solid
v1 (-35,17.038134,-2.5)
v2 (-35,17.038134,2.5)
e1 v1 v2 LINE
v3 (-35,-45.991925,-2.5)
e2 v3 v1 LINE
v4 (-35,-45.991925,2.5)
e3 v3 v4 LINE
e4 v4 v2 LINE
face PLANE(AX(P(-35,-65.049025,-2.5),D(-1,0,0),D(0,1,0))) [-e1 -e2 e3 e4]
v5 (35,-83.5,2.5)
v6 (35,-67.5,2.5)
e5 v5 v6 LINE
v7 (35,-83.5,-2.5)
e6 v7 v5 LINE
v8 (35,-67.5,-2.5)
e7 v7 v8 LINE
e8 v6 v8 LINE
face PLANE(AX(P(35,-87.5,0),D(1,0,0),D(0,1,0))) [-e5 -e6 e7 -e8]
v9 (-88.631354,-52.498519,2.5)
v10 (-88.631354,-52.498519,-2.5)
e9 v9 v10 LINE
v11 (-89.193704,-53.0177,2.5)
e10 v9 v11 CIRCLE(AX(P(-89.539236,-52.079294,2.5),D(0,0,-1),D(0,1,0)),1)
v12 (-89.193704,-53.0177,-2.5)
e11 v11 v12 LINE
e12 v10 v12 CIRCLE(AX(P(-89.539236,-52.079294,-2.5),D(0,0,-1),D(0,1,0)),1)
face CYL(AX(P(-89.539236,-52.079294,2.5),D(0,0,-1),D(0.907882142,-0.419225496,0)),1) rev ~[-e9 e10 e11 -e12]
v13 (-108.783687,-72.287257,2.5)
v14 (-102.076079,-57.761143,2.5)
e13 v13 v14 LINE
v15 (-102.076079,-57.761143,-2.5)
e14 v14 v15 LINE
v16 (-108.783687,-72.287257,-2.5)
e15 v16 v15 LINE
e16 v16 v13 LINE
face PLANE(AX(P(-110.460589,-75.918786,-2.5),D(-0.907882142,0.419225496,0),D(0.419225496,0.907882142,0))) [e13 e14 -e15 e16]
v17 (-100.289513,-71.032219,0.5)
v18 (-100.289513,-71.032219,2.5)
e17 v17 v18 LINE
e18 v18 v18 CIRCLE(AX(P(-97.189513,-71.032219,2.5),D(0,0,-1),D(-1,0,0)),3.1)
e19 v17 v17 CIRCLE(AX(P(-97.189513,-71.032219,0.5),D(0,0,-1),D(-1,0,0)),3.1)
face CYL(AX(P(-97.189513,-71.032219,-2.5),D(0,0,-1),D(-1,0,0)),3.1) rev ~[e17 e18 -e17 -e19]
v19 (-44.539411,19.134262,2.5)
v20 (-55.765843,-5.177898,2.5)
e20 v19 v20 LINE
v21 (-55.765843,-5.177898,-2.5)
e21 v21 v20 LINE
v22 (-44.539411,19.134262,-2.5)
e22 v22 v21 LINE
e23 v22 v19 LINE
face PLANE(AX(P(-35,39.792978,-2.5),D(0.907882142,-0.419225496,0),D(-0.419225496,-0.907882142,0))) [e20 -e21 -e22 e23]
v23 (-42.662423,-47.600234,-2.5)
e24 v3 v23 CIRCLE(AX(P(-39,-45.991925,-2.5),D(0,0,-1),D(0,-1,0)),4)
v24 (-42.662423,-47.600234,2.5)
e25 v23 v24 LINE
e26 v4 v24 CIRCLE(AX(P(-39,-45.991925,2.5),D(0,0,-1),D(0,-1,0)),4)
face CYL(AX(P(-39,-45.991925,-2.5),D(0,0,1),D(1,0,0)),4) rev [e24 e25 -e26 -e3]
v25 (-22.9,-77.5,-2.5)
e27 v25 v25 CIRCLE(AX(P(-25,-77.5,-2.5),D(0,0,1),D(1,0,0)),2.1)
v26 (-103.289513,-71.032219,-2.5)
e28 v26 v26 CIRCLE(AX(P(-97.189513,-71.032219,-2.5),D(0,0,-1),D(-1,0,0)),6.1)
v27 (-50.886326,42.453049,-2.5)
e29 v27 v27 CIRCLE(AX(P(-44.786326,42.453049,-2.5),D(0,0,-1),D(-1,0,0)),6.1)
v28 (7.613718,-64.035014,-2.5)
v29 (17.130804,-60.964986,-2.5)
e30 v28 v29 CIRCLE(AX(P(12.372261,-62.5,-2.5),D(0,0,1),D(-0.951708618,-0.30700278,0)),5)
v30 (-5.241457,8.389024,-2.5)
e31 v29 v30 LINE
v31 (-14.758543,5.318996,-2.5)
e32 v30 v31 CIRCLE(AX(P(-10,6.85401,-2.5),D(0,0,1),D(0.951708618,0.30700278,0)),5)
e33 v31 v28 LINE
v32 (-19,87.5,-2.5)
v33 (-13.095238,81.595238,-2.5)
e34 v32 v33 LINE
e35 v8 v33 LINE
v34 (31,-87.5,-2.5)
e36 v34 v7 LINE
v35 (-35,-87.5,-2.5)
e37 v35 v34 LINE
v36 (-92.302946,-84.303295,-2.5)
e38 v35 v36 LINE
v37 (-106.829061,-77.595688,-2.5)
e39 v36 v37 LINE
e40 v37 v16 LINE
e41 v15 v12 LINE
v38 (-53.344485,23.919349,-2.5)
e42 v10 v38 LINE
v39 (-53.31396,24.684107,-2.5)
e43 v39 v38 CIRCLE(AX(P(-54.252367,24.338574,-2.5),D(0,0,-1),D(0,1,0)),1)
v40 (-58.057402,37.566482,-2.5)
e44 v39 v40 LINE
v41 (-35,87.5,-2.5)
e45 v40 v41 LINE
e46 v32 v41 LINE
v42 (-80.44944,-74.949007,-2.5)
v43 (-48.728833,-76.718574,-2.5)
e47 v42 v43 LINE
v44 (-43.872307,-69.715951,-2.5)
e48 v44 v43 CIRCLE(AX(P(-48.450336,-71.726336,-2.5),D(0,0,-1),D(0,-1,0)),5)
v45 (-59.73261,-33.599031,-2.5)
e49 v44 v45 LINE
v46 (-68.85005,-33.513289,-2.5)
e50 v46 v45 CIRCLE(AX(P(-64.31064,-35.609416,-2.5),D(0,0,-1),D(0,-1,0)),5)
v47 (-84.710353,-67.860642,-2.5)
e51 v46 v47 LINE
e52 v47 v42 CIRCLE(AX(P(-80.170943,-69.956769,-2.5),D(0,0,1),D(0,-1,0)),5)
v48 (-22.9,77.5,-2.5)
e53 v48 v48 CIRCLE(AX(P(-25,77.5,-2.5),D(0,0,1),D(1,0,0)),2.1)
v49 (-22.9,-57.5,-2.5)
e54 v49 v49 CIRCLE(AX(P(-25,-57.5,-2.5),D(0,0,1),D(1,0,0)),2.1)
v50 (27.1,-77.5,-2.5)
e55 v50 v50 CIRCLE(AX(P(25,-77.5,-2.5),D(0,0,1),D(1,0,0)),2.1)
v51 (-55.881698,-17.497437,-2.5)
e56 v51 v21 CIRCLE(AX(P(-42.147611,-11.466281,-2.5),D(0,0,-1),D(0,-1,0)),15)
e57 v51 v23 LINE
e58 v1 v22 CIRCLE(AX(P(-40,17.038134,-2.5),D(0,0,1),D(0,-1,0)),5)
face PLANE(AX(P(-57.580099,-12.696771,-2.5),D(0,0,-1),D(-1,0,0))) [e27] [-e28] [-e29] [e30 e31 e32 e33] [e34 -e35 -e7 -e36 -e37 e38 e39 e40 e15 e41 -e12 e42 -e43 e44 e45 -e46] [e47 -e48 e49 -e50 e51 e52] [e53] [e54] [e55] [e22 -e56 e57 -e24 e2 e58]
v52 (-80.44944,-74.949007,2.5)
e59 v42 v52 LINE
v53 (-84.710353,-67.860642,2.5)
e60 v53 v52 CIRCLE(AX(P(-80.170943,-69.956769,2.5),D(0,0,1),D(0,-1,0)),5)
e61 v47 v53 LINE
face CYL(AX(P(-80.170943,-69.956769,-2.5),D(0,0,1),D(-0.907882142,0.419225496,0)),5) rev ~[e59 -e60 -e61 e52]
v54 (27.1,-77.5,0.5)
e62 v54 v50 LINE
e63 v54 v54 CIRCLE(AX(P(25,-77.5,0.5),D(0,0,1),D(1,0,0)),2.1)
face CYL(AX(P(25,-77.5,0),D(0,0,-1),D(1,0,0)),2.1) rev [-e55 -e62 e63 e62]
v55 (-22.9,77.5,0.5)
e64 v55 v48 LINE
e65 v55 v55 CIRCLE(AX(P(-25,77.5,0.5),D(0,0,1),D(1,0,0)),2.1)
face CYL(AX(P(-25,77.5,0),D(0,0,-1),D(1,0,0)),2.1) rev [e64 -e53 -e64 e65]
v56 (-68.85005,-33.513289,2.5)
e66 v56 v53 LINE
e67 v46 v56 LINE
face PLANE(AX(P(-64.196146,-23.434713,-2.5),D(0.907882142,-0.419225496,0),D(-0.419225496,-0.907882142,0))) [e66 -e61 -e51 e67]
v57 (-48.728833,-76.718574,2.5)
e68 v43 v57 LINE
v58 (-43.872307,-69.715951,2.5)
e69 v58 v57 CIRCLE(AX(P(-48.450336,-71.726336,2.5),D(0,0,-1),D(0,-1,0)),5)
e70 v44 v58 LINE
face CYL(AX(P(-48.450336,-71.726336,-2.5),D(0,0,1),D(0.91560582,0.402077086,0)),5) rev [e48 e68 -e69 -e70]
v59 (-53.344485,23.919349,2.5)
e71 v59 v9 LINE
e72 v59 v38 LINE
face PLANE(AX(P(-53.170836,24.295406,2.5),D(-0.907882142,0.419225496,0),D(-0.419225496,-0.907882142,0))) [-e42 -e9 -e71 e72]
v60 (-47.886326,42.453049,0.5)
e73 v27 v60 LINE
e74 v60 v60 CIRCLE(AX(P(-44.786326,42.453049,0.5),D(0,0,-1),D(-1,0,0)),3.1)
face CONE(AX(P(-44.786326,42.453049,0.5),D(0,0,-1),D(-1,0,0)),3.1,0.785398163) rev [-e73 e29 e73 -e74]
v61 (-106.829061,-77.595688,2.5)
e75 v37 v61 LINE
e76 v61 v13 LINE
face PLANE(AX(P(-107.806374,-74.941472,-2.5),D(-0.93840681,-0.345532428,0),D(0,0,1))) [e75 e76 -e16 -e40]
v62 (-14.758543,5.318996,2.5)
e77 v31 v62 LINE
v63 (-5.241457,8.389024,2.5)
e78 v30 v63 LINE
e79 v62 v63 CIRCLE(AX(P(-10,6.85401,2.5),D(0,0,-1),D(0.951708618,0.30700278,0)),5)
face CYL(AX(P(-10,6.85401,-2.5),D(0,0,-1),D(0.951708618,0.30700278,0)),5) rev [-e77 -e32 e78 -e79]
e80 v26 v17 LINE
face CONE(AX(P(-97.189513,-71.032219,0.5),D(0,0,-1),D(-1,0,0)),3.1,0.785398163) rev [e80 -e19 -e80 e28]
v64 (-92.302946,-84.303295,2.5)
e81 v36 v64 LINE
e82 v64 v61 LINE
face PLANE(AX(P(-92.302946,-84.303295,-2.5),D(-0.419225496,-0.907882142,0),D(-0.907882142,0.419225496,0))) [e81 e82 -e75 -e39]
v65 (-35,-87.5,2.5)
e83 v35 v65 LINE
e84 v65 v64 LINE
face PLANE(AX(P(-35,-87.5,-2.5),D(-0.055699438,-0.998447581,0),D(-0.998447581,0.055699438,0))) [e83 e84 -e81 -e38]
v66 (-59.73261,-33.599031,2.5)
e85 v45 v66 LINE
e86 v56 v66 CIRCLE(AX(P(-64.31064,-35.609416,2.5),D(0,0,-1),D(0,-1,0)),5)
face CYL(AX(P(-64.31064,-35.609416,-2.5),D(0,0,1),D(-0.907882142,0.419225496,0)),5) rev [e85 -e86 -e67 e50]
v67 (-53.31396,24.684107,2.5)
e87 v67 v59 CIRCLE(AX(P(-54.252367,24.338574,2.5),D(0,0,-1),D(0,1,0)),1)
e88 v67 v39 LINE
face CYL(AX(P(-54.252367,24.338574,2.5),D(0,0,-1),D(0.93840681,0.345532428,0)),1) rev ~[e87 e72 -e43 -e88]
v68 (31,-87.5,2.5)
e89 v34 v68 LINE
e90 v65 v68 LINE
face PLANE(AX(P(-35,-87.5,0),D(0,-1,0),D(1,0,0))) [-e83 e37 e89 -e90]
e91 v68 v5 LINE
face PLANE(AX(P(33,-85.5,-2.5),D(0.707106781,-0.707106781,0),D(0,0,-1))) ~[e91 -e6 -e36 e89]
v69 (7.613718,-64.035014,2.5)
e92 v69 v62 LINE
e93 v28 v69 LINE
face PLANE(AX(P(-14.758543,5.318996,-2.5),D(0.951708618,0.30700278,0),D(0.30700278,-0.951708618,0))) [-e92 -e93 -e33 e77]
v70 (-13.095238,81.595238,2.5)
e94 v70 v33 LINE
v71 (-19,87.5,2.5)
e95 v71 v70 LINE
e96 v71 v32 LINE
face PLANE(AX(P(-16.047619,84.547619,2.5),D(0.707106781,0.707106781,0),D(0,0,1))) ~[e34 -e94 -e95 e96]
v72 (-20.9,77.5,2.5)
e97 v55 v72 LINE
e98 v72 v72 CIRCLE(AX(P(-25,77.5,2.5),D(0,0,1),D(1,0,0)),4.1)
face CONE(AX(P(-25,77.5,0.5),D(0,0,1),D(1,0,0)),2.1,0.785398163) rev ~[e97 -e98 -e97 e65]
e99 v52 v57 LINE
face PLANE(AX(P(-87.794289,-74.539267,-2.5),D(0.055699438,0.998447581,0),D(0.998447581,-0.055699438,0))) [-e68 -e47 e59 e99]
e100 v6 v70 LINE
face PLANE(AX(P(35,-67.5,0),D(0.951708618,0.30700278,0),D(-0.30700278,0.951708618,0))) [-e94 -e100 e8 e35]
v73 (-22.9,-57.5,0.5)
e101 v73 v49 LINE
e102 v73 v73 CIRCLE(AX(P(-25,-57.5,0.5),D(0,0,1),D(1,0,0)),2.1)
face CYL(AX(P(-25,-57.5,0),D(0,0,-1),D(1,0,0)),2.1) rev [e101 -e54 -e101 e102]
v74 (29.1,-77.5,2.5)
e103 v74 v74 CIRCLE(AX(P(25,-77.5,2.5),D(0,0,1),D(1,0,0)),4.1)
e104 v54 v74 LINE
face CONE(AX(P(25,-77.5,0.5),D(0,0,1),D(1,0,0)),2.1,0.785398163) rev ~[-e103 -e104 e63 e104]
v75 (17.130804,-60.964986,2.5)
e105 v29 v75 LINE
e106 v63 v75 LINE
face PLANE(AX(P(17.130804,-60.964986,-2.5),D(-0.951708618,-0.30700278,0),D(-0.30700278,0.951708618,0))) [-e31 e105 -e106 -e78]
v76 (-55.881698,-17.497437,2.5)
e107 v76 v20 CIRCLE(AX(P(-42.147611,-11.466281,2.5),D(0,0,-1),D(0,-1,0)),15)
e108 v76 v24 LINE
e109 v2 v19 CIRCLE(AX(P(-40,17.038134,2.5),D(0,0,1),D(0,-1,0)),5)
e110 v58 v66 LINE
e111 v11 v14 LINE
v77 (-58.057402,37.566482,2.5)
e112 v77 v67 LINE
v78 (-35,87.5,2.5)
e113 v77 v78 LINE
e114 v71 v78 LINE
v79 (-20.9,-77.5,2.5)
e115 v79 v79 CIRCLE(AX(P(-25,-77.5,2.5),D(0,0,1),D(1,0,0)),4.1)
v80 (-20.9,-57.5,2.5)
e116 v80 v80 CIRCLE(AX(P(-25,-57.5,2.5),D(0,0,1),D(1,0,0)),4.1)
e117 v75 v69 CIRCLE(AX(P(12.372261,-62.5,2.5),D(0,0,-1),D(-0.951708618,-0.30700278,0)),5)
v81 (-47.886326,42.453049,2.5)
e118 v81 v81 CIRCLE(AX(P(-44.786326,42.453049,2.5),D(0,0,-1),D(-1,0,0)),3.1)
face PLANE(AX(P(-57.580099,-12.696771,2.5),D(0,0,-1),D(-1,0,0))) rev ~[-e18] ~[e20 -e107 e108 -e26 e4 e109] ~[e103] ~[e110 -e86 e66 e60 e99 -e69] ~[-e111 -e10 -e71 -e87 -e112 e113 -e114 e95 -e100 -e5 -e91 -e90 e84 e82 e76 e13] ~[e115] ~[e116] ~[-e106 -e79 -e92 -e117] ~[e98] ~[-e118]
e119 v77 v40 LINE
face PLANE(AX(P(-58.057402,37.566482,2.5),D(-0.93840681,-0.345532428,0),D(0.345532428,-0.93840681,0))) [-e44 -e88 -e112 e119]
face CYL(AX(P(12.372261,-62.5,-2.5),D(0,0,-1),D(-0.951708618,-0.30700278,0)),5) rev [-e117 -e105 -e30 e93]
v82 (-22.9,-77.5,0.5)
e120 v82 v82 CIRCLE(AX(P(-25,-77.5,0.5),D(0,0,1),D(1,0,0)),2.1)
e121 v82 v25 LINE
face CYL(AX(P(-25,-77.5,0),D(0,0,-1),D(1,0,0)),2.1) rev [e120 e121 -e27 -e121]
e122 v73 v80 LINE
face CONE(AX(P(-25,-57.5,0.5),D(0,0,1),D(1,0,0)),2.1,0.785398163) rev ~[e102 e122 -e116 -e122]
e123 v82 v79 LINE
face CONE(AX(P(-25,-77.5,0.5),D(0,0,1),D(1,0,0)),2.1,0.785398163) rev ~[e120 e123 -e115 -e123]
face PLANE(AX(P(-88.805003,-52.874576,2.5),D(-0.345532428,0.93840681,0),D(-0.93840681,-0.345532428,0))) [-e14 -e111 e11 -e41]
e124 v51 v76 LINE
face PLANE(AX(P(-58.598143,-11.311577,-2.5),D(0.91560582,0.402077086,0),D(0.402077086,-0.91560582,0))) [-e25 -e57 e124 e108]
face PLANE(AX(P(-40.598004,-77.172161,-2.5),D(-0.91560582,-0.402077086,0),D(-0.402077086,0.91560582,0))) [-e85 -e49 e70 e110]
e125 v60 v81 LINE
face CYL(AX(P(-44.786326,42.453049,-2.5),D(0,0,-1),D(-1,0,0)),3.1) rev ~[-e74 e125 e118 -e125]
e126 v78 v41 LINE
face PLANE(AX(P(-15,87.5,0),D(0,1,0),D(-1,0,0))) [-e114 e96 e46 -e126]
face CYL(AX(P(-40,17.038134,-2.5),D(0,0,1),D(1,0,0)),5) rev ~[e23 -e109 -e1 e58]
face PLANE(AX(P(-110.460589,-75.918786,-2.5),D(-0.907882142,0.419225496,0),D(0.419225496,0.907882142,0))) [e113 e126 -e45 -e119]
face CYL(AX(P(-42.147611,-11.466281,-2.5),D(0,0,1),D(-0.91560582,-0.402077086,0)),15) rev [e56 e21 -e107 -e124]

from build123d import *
from OCP.BRepFilletAPI import BRepFilletAPI_MakeChamfer

# Parameters (mm, degrees)
SKETCH_1_R          = 2.1
EXTRUDE_1_DEPTH     = 2.5
CUT_EXTRUDE_1_DEPTH = 95.372930441
EXTRUDE_2_DEPTH     = 5
CUT_EXTRUDE_2_DEPTH = 142.00635371
FILLET_1_R          = 5
FILLET_2_R          = 4
FILLET_3_R          = 15
CHAMFER_1_SIZE      = 4
CHAMFER_1_SIZE2     = 6.20437999
CHAMFER_2_SIZE      = 2
SKETCH_6_R          = 3.1
CUT_EXTRUDE_3_DEPTH = 140.696602049
CUT_EXTRUDE_4_DEPTH = 140.696602049
CHAMFER_3_SIZE      = 3
FILLET_4_R          = 1


with BuildPart() as part:
    # 草图1 → 凸台-拉伸1 (new, symmetric)
    with BuildSketch(Plane.XY):
        Polygon((-35, 87.5), (-35, -87.5), (35, -87.5), (35, -67.5), (-15, 87.5), align=None)
        with Locations((-25, -77.5)):
            Circle(SKETCH_1_R, mode=Mode.SUBTRACT)
        with Locations((25, -77.5)):
            Circle(SKETCH_1_R, mode=Mode.SUBTRACT)
        with Locations((-25, 77.5)):
            Circle(SKETCH_1_R, mode=Mode.SUBTRACT)
        with Locations((-25, -57.5)):
            Circle(SKETCH_1_R, mode=Mode.SUBTRACT)
    extrude(amount=EXTRUDE_1_DEPTH, both=True)

    # 草图2 → 切除-拉伸1 (cut, through all)
    with BuildSketch(Plane(origin=(0, 0, -2.5), x_dir=(-1, 0, 0), z_dir=(0, 0, -1))):
        with BuildLine():
            Line((-17.130804412, -60.9649861), (5.241456911, 8.389024))
            ThreePointArc((5.241456911, 8.389024), (11.5350139, 11.612553189), (14.758543089, 5.318996201))
            Line((14.758543089, 5.318996201), (-7.613718234, -64.0350139))
            ThreePointArc((-7.613718234, -64.0350139), (-13.907275222, -67.258543089), (-17.130804412, -60.9649861))
        make_face()
    extrude(amount=-CUT_EXTRUDE_1_DEPTH, mode=Mode.SUBTRACT)

    # 草图3 → 凸台-拉伸2 (add)
    with BuildSketch(Plane(origin=(0, 0, -2.5), x_dir=(-1, 0, 0), z_dir=(0, 0, -1))):
        Polygon((35, -87.5), (92.302946454, -84.303295451), (110.460589291, -75.918785529), (35, 87.5), align=None)
    extrude(amount=-EXTRUDE_2_DEPTH)

    # 草图5 → 切除-拉伸2 (cut, through all)
    with BuildSketch(Plane(origin=(0, 0, -2.5), x_dir=(-1, 0, 0), z_dir=(0, 0, -1))):
        Polygon((35, 39.792977913), (58.598142626, -11.311576727), (35, -65.049025296), align=None)
        Polygon((87.794289034, -74.539267276), (40.598003783, -77.172161204), (64.196146409, -23.434712635), align=None)
    extrude(amount=-CUT_EXTRUDE_2_DEPTH, mode=Mode.SUBTRACT)

    # 圆角1
    fillet_1_edges = [part.edges().sort_by_distance(p)[0] for p in [
        (-64.196146409, -23.434712635, 0),
        (-87.794289034, -74.539267276, 0),
        (-40.598003783, -77.172161204, 0),
        (-35, 39.792977913, 0),
    ]]
    fillet(fillet_1_edges, radius=FILLET_1_R)

    # 圆角2
    fillet_2_edges = [part.edges().sort_by_distance(p)[0] for p in [
        (-35, -65.049025296, 0),
    ]]
    fillet(fillet_2_edges, radius=FILLET_2_R)

    # 圆角3
    fillet_3_edges = [part.edges().sort_by_distance(p)[0] for p in [
        (-58.598142626, -11.311576727, 0),
    ]]
    fillet(fillet_3_edges, radius=FILLET_3_R)

    # 倒角1: one chamfer whose edges measure the first distance from different faces: ONE call of the kernel's chamfer builder (chamfer() names one face for all edges)
    chamfer_1_edges_1 = [part.edges().sort_by_distance(p)[0] for p in [
        (-110.460589291, -75.918785529, 0),
        (35, -87.5, 0),
    ]]
    chamfer_1_edges_2 = [part.edges().sort_by_distance(p)[0] for p in [
        (-15, 87.5, 0),
    ]]
    chamfer_1_side_2 = [part.faces().sort_by_distance(p)[0] for p in [
        (-25, 87.5, 0),
    ]]
    chamfer_1 = BRepFilletAPI_MakeChamfer(part.part.solid().wrapped)
    for e in chamfer_1_edges_1:
        chamfer_1.Add(CHAMFER_1_SIZE, e.wrapped)
    for e in chamfer_1_edges_2:
        chamfer_1.Add(CHAMFER_1_SIZE, CHAMFER_1_SIZE2, e.wrapped, chamfer_1_side_2[0].wrapped)  # the first distance lies on this face
    add(Compound.cast(chamfer_1.Shape()), mode=Mode.REPLACE)

    # 倒角2
    chamfer_2_edges = [part.edges().sort_by_distance(p)[0] for p in [
        (22.9, -77.5, 2.5),
        (-27.1, -77.5, 2.5),
        (-27.1, 77.5, 2.5),
        (-27.1, -57.5, 2.5),
    ]]
    chamfer(chamfer_2_edges, length=CHAMFER_2_SIZE)

    # 草图6 → 切除-拉伸3 (cut, through all)
    with BuildSketch(Plane(origin=(0, 0, -2.5), x_dir=(-1, 0, 0), z_dir=(0, 0, -1))):
        with Locations((97.189512912, -71.032219072)):
            Circle(SKETCH_6_R)
        with Locations((44.786325904, 42.453048657)):
            Circle(SKETCH_6_R)
    extrude(amount=-CUT_EXTRUDE_3_DEPTH, mode=Mode.SUBTRACT)

    # 草图7 → 切除-拉伸4 (cut, through all)
    with BuildSketch(Plane.XY.offset(2.5)):
        Polygon((-58.057402283, 37.566482199), (-53.170835826, 24.29540582), (-88.805002991, -52.874576235), (-102.07607937, -57.761142693), align=None)
    extrude(amount=-CUT_EXTRUDE_4_DEPTH, mode=Mode.SUBTRACT)

    # 倒角3
    chamfer_3_edges = [part.edges().sort_by_distance(p)[0] for p in [
        (-94.089512912, -71.032219072, -2.5),
        (-41.686325904, 42.453048657, -2.5),
    ]]
    chamfer(chamfer_3_edges, length=CHAMFER_3_SIZE)

    # 圆角4
    fillet_4_edges = [part.edges().sort_by_distance(p)[0] for p in [
        (-53.170835826, 24.29540582, 0),
        (-88.805002991, -52.874576235, 0),
    ]]
    fillet(fillet_4_edges, radius=FILLET_4_R)


solid = part.part
